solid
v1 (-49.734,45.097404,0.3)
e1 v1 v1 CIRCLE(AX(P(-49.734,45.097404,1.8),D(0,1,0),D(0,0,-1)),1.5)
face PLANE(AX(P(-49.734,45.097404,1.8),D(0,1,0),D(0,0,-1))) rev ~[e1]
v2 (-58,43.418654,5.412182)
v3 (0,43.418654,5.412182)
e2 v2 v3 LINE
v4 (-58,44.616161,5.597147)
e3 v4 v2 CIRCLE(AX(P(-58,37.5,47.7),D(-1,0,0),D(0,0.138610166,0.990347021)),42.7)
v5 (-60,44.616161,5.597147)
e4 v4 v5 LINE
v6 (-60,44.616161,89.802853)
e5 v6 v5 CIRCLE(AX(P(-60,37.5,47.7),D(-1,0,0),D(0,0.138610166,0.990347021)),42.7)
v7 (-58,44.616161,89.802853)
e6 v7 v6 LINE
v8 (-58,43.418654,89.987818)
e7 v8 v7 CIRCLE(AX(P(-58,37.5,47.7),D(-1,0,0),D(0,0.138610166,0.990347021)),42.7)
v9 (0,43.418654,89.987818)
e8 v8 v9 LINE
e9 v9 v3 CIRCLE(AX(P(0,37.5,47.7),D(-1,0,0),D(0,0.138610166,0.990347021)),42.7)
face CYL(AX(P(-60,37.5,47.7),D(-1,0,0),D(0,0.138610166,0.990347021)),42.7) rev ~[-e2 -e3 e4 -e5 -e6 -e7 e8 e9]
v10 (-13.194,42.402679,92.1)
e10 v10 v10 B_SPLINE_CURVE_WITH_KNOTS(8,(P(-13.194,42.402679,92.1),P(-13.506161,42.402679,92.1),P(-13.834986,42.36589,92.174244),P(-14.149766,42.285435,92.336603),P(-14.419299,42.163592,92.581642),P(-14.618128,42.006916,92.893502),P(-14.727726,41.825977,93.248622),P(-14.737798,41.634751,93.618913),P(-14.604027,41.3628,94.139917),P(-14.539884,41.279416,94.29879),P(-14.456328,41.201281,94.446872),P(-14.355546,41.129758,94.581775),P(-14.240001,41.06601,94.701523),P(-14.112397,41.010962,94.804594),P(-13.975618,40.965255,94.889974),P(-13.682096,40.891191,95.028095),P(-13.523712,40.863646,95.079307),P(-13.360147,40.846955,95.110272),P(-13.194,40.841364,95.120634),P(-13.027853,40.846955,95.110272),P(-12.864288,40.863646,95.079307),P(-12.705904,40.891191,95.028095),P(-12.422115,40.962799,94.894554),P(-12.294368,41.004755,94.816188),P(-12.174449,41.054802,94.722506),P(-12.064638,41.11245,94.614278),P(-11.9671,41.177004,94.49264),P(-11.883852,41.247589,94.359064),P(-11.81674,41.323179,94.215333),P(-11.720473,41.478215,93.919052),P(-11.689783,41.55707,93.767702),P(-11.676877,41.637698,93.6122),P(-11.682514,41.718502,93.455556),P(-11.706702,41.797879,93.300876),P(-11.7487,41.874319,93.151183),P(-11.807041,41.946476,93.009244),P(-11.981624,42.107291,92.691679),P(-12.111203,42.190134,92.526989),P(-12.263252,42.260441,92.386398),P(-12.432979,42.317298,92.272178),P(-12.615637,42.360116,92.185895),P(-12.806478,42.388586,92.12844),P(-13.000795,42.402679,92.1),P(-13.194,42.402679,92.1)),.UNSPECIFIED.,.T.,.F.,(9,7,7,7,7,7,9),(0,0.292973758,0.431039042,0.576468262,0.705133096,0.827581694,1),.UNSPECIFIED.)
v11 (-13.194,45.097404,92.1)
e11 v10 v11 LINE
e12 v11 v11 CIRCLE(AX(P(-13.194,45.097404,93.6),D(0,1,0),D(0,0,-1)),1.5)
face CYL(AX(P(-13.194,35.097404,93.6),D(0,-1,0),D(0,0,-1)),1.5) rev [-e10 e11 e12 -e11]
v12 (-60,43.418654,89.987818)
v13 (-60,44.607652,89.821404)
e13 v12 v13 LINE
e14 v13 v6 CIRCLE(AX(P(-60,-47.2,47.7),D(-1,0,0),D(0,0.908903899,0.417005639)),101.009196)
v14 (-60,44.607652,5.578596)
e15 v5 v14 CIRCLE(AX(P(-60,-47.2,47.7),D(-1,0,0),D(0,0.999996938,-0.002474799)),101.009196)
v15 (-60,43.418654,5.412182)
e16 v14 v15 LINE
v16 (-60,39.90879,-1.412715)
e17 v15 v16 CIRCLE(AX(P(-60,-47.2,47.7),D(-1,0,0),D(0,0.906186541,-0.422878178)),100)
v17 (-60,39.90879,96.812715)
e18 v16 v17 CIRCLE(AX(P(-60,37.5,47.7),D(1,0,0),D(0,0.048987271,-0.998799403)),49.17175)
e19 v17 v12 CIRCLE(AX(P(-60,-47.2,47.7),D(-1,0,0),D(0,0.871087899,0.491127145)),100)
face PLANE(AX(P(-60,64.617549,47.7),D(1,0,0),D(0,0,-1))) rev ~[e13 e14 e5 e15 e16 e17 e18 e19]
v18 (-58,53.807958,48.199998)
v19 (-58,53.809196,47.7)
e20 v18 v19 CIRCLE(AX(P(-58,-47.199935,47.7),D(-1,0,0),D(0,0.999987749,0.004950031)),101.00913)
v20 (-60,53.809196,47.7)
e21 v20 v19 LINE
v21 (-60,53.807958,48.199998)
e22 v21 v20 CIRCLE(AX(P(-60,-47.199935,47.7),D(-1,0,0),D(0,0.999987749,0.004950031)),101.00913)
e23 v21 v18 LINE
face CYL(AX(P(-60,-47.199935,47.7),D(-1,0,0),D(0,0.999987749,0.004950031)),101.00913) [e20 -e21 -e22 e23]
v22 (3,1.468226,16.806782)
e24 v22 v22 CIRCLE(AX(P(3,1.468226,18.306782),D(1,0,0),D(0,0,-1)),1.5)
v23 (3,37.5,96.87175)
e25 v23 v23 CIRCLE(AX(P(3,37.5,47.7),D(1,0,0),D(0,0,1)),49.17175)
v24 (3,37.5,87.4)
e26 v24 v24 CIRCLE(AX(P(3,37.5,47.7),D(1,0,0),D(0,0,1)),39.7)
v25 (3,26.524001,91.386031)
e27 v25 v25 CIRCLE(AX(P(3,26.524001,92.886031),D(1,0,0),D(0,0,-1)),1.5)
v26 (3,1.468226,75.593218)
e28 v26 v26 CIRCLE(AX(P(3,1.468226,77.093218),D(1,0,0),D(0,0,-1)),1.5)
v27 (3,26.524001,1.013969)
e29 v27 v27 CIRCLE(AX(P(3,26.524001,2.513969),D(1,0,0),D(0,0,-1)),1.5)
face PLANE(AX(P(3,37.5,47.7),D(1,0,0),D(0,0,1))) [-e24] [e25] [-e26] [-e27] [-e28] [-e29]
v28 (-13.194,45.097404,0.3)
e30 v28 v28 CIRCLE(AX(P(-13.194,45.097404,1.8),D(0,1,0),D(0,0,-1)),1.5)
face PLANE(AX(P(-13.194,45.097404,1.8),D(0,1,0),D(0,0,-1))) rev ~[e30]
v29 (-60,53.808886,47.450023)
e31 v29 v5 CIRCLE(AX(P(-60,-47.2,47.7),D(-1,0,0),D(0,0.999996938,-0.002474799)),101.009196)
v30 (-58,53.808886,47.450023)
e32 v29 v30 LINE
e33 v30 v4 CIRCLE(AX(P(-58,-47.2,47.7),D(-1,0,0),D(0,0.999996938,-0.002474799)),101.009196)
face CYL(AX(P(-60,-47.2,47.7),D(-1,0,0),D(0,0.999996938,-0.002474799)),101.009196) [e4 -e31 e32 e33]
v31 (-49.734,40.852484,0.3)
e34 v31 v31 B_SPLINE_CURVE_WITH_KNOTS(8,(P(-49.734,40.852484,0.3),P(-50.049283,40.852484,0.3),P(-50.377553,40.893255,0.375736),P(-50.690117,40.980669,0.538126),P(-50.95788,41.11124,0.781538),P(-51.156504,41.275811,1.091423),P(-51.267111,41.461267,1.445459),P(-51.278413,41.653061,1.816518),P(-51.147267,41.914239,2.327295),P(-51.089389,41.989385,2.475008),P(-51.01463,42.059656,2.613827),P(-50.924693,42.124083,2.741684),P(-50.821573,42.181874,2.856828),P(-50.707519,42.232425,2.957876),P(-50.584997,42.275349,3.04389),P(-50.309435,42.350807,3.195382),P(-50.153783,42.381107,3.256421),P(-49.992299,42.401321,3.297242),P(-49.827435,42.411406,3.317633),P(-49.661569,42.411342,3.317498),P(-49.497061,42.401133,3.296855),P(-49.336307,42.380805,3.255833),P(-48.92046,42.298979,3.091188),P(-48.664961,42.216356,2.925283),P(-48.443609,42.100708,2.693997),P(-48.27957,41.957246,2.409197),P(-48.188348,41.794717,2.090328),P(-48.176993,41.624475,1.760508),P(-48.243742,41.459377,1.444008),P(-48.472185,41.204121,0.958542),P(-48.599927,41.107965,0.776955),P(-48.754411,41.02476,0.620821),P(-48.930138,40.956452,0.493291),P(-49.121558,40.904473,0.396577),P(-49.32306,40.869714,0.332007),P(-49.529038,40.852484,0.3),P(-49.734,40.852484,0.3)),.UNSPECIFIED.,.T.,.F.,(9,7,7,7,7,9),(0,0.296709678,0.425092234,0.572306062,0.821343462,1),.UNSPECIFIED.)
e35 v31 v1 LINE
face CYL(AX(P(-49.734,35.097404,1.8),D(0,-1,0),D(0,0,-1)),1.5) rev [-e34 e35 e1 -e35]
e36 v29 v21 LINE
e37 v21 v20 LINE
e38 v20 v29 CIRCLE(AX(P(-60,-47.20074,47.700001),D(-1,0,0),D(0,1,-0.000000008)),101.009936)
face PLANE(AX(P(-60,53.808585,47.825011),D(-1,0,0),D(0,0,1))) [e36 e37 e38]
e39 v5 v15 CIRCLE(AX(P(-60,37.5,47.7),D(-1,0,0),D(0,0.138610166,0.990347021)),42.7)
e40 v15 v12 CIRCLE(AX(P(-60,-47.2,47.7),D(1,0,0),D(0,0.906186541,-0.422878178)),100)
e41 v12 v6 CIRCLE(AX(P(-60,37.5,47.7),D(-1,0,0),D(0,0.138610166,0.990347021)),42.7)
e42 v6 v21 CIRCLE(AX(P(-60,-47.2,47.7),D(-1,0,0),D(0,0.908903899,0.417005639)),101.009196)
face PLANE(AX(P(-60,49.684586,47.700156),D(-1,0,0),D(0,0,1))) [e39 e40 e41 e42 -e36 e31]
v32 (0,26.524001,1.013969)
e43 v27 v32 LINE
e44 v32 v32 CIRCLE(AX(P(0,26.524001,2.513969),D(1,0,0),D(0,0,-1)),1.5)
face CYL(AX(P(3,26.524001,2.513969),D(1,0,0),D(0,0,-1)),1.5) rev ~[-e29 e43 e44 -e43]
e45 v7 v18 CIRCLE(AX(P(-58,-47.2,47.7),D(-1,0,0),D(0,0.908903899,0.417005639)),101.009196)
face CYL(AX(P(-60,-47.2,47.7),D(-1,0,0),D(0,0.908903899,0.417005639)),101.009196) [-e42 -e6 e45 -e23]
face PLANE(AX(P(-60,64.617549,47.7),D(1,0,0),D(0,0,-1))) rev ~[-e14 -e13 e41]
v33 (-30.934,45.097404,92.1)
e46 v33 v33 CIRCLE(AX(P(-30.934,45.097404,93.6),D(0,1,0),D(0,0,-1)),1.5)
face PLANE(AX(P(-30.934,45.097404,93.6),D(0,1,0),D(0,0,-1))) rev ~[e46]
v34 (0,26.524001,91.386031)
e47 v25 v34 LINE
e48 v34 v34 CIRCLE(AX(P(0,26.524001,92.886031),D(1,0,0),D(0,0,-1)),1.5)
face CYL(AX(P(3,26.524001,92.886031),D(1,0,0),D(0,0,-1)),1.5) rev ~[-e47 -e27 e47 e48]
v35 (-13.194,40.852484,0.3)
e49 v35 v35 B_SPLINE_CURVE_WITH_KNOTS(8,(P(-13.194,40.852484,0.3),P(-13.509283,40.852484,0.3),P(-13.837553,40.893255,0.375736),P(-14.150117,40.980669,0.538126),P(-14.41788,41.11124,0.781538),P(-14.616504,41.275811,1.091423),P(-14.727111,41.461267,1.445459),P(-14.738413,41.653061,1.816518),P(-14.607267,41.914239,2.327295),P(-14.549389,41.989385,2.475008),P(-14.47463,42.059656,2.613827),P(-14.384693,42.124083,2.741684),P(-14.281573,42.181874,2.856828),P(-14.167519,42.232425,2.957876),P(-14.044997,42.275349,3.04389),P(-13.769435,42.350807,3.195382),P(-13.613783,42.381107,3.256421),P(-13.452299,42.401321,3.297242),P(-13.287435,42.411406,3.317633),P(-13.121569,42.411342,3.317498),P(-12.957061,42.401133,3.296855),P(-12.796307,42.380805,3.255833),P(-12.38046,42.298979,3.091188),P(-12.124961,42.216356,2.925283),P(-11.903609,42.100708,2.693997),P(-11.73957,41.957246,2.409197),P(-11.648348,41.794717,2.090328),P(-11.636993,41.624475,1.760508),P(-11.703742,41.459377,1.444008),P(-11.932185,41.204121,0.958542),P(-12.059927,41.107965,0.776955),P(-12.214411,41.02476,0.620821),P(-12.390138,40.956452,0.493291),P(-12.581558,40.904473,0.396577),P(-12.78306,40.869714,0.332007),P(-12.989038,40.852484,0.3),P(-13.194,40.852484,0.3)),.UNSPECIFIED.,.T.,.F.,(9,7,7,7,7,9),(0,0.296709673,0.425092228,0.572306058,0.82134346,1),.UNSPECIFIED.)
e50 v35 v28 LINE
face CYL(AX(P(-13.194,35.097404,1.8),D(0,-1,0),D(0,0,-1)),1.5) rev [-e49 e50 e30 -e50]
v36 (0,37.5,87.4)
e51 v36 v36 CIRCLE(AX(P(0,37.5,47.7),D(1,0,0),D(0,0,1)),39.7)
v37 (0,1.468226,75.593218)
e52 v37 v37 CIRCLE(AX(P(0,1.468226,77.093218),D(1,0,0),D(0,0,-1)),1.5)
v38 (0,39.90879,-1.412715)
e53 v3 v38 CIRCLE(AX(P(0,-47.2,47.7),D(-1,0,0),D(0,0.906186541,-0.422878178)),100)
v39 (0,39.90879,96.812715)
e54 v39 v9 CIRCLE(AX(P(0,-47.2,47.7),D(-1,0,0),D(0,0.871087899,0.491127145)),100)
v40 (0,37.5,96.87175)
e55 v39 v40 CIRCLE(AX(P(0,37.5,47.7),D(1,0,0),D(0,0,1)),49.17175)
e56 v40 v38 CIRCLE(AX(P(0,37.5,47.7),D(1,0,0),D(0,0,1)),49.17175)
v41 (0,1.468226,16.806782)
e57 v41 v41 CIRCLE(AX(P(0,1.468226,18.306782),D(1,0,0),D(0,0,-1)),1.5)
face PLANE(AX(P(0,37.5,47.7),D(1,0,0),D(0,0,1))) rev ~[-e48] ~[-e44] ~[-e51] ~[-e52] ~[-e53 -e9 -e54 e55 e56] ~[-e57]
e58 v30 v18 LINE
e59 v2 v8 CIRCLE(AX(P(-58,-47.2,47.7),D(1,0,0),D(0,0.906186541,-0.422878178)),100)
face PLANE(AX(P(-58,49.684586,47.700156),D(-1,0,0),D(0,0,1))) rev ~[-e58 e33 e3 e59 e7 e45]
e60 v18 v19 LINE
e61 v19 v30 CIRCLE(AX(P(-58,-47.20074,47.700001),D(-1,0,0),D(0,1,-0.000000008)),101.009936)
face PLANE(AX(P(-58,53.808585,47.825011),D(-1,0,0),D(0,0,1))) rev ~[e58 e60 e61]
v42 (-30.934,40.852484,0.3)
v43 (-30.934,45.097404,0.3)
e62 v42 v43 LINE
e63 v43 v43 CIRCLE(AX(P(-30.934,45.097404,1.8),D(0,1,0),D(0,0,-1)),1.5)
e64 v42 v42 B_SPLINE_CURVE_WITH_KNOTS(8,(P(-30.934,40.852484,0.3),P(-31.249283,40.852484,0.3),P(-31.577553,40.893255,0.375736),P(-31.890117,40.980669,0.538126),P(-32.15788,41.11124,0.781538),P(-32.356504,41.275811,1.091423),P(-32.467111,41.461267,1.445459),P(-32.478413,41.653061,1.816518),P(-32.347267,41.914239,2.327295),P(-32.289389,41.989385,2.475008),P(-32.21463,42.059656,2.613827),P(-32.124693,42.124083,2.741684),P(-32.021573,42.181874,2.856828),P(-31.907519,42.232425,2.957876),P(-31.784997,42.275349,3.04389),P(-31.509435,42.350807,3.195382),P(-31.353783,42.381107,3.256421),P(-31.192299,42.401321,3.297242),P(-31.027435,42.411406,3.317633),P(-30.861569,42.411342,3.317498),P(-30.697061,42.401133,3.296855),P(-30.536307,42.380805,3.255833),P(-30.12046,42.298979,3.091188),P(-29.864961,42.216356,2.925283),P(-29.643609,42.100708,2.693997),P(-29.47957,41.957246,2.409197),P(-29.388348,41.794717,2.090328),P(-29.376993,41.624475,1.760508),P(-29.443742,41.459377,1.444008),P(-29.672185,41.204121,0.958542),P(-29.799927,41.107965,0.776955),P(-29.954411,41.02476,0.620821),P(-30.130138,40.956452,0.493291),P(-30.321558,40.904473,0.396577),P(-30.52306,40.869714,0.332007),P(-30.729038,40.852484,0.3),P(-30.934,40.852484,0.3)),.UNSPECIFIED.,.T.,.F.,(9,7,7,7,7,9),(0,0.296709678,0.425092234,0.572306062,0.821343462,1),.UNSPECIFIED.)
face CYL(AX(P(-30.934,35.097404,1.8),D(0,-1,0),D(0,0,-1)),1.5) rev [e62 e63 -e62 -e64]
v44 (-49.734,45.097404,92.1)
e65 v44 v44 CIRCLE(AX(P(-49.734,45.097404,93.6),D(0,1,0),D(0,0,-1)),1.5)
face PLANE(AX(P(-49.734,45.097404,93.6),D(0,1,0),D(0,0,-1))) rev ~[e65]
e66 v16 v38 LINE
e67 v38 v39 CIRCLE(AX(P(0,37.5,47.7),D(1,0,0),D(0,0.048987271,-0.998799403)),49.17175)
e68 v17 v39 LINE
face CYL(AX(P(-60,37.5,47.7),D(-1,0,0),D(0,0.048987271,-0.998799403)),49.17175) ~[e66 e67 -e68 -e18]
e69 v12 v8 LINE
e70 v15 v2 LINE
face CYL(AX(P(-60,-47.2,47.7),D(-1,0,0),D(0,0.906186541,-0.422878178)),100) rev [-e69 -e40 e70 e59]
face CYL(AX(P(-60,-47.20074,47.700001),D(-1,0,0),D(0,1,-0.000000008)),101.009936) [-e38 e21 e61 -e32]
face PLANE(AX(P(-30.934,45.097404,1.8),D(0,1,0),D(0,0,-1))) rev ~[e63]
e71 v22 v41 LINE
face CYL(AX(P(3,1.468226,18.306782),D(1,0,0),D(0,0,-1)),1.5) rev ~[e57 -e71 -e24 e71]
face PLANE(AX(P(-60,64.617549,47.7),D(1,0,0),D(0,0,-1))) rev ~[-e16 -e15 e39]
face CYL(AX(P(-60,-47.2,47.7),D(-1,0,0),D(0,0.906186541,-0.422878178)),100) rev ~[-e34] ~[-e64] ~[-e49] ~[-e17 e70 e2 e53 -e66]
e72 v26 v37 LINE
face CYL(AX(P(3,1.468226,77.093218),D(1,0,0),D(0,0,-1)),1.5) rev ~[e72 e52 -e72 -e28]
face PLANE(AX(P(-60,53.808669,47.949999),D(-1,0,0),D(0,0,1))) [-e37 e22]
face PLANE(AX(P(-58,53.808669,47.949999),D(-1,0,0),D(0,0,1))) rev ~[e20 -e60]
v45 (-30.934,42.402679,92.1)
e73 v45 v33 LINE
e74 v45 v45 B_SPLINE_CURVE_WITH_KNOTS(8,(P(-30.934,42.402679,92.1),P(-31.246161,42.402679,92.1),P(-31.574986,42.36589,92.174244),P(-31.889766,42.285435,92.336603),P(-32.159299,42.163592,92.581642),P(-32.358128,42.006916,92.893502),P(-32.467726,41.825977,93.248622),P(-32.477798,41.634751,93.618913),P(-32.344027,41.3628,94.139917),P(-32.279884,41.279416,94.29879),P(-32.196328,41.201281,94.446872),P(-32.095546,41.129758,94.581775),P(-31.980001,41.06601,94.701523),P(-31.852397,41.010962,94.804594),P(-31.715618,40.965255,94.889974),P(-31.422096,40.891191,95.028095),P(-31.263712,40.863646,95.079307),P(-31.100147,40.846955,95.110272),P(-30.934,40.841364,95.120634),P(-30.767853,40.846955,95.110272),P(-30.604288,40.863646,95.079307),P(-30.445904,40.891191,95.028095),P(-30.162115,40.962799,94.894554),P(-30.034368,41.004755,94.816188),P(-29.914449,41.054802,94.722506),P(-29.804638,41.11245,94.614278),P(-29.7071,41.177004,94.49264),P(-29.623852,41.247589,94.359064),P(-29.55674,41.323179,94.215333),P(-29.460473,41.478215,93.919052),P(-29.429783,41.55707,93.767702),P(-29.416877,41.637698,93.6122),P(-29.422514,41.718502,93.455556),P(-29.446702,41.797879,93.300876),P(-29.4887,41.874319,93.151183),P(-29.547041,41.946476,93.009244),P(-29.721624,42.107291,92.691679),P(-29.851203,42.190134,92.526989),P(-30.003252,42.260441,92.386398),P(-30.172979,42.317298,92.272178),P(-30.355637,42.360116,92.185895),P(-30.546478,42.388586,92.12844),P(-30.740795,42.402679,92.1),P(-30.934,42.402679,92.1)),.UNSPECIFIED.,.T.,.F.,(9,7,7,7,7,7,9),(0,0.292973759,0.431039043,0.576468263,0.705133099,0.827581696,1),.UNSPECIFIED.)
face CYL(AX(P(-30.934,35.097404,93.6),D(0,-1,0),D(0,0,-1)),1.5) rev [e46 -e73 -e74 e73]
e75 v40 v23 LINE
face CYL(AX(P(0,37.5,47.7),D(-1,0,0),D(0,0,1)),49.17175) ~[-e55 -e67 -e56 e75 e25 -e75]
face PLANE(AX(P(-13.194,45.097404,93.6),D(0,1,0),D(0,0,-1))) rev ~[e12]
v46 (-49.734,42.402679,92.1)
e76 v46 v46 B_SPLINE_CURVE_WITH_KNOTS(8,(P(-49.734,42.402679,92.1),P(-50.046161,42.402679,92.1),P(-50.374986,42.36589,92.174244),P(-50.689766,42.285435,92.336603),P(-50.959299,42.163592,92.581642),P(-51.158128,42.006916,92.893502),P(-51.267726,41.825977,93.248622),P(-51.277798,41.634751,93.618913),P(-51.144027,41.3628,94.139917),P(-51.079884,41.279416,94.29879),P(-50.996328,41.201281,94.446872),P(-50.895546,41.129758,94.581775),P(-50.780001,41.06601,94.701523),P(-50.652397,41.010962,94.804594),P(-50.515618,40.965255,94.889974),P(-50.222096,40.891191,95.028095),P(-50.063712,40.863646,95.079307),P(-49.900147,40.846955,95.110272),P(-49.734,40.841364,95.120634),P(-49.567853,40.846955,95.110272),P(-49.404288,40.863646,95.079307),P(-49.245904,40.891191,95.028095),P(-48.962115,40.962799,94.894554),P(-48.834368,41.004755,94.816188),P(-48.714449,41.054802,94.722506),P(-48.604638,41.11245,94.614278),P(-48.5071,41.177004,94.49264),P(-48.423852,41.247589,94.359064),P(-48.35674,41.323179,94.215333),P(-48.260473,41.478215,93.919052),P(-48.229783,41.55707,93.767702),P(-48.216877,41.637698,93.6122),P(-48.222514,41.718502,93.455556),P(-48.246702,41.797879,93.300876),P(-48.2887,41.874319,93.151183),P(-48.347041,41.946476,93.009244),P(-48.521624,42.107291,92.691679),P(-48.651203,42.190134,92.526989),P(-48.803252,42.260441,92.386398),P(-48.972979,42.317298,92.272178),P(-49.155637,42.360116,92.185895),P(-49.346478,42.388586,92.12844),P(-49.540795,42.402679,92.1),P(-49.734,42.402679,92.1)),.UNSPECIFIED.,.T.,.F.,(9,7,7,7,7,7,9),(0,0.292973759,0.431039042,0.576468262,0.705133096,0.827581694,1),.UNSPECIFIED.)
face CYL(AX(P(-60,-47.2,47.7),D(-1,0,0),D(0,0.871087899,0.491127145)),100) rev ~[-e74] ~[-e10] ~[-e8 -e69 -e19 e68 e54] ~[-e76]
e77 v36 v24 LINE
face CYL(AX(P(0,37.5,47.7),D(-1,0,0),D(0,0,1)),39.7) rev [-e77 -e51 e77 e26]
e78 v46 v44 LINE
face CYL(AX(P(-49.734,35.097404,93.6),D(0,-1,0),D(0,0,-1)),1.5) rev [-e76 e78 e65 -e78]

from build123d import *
from build123d.topology import SkipClean

# Parameters (mm, degrees)
SKETCH_1_R      = 49.171750004
SKETCH_1_R_2    = 39.7
EXTRUDE_1_DEPTH = 3
EXTRUDE_START   = 60
EXTRUDE_2_DEPTH = 60
SKETCH_3_R      = 1.5
EXTRUDE_4_DEPTH = 60
EXTRUDE_5_DEPTH = 2
SKETCH_5_R      = 1.5
EXTRUDE_6_DEPTH = 10


with BuildPart() as part:
    # Эскиз1 → Выдавливание1 (new body)
    with BuildSketch(Plane.YZ):
        with Locations(Location((37.5, 47.7, 0), (0, 0, 90))):
            Circle(SKETCH_1_R)
        with Locations(Location((37.5, 47.7, 0), (0, 0, 90))):
            Circle(SKETCH_1_R_2, mode=Mode.SUBTRACT)
    extrude(amount=EXTRUDE_1_DEPTH)

    # Эскиз2 → Выдавливание2 (add)
    with BuildSketch(Plane(origin=(0, 37.5, 47.7), x_dir=(0, 0, 1), z_dir=(-1, 0, 0)).offset(EXTRUDE_START)):
        with BuildLine():
            ThreePointArc((-42.287817796, 5.918654073), (-45.733949258, 4.2292184), (-49.112714544, 2.408789856))
            ThreePointArc((-49.112714544, 2.408789856), (0, 49.171750004), (49.112714544, 2.408789856))
            ThreePointArc((49.112714544, 2.408789856), (45.733949258, 4.2292184), (42.287817796, 5.918654073))
            ThreePointArc((42.287817796, 5.918654073), (0, 42.7), (-42.287817796, 5.918654073))
        make_face()
    extrude(amount=-EXTRUDE_2_DEPTH)

    # Эскиз3 → Выдавливание4 (cut)
    with BuildSketch(Plane(origin=(3, 37.5, 47.7), x_dir=(0, 0, -1), z_dir=(1, 0, 0))):
        with Locations((45.186031447, -10.975999366)):
            Circle(SKETCH_3_R)
        with Locations((29.39321752, -36.031774364)):
            Circle(SKETCH_3_R)
        with Locations((-29.39321752, -36.031774364)):
            Circle(SKETCH_3_R)
        with Locations((-45.186031447, -10.975999366)):
            Circle(SKETCH_3_R)
    extrude(amount=-EXTRUDE_4_DEPTH, mode=Mode.SUBTRACT)

    # Эскиз4 → Выдавливание5 (add)
    with SkipClean():  # the faces are left unmerged after this step: merging them gives an invalid solid
        with BuildSketch(Plane(origin=(-60, 37.5, 47.7), x_dir=(0, 0, 1), z_dir=(-1, 0, 0))):
            with BuildLine():
                Line((-0.24997743, 16.30888643), (0.499998469, 16.307958241))
                Line((0.499998469, 16.307958241), (0, 16.309195752))
                ThreePointArc((0, 16.309195752), (-0.124988811, 16.309118421), (-0.24997743, 16.30888643))
            make_face()
            with BuildLine():
                ThreePointArc((-42.287817796, 5.918654073), (0, 15.3), (42.287817796, 5.918654073))
                Line((42.287817796, 5.918654073), (42.121404236, 7.107651815))
                ThreePointArc((42.121404236, 7.107651815), (21.801545856, 13.928343922), (0.499998469, 16.307958241))
                Line((0.499998469, 16.307958241), (-0.24997743, 16.30888643))
                ThreePointArc((-0.24997743, 16.30888643), (-21.679464377, 13.955250498), (-42.121404236, 7.107651815))
                Line((-42.121404236, 7.107651815), (-42.287817796, 5.918654073))
            make_face()
            with BuildLine():
                Line((0, 16.309195752), (0.499998469, 16.307958241))
                ThreePointArc((0.499998469, 16.307958241), (0.25, 16.308886374), (0, 16.309195752))
            make_face()
        extrude(amount=-EXTRUDE_5_DEPTH)

    # Эскиз5 → Резьба6 (cut)
    with SkipClean():  # the faces are left unmerged after this step: merging them gives an invalid solid
        with BuildSketch(Plane(origin=(1.5, 35.097404478, 62.473935176), x_dir=(0, 0, -1), z_dir=(0, 1, 0))):
            with Locations((-31.126064824, 51.234)):
                Circle(SKETCH_5_R)
            with Locations((-31.126064824, 32.434)):
                Circle(SKETCH_5_R)
            with Locations((-31.126064824, 14.694)):
                Circle(SKETCH_5_R)
            with Locations((60.673935176, 51.234)):
                Circle(SKETCH_5_R)
            with Locations((60.673935176, 32.434)):
                Circle(SKETCH_5_R)
            with Locations((60.673935176, 14.694)):
                Circle(SKETCH_5_R)
        extrude(amount=EXTRUDE_6_DEPTH, mode=Mode.SUBTRACT)


solid = part.part
